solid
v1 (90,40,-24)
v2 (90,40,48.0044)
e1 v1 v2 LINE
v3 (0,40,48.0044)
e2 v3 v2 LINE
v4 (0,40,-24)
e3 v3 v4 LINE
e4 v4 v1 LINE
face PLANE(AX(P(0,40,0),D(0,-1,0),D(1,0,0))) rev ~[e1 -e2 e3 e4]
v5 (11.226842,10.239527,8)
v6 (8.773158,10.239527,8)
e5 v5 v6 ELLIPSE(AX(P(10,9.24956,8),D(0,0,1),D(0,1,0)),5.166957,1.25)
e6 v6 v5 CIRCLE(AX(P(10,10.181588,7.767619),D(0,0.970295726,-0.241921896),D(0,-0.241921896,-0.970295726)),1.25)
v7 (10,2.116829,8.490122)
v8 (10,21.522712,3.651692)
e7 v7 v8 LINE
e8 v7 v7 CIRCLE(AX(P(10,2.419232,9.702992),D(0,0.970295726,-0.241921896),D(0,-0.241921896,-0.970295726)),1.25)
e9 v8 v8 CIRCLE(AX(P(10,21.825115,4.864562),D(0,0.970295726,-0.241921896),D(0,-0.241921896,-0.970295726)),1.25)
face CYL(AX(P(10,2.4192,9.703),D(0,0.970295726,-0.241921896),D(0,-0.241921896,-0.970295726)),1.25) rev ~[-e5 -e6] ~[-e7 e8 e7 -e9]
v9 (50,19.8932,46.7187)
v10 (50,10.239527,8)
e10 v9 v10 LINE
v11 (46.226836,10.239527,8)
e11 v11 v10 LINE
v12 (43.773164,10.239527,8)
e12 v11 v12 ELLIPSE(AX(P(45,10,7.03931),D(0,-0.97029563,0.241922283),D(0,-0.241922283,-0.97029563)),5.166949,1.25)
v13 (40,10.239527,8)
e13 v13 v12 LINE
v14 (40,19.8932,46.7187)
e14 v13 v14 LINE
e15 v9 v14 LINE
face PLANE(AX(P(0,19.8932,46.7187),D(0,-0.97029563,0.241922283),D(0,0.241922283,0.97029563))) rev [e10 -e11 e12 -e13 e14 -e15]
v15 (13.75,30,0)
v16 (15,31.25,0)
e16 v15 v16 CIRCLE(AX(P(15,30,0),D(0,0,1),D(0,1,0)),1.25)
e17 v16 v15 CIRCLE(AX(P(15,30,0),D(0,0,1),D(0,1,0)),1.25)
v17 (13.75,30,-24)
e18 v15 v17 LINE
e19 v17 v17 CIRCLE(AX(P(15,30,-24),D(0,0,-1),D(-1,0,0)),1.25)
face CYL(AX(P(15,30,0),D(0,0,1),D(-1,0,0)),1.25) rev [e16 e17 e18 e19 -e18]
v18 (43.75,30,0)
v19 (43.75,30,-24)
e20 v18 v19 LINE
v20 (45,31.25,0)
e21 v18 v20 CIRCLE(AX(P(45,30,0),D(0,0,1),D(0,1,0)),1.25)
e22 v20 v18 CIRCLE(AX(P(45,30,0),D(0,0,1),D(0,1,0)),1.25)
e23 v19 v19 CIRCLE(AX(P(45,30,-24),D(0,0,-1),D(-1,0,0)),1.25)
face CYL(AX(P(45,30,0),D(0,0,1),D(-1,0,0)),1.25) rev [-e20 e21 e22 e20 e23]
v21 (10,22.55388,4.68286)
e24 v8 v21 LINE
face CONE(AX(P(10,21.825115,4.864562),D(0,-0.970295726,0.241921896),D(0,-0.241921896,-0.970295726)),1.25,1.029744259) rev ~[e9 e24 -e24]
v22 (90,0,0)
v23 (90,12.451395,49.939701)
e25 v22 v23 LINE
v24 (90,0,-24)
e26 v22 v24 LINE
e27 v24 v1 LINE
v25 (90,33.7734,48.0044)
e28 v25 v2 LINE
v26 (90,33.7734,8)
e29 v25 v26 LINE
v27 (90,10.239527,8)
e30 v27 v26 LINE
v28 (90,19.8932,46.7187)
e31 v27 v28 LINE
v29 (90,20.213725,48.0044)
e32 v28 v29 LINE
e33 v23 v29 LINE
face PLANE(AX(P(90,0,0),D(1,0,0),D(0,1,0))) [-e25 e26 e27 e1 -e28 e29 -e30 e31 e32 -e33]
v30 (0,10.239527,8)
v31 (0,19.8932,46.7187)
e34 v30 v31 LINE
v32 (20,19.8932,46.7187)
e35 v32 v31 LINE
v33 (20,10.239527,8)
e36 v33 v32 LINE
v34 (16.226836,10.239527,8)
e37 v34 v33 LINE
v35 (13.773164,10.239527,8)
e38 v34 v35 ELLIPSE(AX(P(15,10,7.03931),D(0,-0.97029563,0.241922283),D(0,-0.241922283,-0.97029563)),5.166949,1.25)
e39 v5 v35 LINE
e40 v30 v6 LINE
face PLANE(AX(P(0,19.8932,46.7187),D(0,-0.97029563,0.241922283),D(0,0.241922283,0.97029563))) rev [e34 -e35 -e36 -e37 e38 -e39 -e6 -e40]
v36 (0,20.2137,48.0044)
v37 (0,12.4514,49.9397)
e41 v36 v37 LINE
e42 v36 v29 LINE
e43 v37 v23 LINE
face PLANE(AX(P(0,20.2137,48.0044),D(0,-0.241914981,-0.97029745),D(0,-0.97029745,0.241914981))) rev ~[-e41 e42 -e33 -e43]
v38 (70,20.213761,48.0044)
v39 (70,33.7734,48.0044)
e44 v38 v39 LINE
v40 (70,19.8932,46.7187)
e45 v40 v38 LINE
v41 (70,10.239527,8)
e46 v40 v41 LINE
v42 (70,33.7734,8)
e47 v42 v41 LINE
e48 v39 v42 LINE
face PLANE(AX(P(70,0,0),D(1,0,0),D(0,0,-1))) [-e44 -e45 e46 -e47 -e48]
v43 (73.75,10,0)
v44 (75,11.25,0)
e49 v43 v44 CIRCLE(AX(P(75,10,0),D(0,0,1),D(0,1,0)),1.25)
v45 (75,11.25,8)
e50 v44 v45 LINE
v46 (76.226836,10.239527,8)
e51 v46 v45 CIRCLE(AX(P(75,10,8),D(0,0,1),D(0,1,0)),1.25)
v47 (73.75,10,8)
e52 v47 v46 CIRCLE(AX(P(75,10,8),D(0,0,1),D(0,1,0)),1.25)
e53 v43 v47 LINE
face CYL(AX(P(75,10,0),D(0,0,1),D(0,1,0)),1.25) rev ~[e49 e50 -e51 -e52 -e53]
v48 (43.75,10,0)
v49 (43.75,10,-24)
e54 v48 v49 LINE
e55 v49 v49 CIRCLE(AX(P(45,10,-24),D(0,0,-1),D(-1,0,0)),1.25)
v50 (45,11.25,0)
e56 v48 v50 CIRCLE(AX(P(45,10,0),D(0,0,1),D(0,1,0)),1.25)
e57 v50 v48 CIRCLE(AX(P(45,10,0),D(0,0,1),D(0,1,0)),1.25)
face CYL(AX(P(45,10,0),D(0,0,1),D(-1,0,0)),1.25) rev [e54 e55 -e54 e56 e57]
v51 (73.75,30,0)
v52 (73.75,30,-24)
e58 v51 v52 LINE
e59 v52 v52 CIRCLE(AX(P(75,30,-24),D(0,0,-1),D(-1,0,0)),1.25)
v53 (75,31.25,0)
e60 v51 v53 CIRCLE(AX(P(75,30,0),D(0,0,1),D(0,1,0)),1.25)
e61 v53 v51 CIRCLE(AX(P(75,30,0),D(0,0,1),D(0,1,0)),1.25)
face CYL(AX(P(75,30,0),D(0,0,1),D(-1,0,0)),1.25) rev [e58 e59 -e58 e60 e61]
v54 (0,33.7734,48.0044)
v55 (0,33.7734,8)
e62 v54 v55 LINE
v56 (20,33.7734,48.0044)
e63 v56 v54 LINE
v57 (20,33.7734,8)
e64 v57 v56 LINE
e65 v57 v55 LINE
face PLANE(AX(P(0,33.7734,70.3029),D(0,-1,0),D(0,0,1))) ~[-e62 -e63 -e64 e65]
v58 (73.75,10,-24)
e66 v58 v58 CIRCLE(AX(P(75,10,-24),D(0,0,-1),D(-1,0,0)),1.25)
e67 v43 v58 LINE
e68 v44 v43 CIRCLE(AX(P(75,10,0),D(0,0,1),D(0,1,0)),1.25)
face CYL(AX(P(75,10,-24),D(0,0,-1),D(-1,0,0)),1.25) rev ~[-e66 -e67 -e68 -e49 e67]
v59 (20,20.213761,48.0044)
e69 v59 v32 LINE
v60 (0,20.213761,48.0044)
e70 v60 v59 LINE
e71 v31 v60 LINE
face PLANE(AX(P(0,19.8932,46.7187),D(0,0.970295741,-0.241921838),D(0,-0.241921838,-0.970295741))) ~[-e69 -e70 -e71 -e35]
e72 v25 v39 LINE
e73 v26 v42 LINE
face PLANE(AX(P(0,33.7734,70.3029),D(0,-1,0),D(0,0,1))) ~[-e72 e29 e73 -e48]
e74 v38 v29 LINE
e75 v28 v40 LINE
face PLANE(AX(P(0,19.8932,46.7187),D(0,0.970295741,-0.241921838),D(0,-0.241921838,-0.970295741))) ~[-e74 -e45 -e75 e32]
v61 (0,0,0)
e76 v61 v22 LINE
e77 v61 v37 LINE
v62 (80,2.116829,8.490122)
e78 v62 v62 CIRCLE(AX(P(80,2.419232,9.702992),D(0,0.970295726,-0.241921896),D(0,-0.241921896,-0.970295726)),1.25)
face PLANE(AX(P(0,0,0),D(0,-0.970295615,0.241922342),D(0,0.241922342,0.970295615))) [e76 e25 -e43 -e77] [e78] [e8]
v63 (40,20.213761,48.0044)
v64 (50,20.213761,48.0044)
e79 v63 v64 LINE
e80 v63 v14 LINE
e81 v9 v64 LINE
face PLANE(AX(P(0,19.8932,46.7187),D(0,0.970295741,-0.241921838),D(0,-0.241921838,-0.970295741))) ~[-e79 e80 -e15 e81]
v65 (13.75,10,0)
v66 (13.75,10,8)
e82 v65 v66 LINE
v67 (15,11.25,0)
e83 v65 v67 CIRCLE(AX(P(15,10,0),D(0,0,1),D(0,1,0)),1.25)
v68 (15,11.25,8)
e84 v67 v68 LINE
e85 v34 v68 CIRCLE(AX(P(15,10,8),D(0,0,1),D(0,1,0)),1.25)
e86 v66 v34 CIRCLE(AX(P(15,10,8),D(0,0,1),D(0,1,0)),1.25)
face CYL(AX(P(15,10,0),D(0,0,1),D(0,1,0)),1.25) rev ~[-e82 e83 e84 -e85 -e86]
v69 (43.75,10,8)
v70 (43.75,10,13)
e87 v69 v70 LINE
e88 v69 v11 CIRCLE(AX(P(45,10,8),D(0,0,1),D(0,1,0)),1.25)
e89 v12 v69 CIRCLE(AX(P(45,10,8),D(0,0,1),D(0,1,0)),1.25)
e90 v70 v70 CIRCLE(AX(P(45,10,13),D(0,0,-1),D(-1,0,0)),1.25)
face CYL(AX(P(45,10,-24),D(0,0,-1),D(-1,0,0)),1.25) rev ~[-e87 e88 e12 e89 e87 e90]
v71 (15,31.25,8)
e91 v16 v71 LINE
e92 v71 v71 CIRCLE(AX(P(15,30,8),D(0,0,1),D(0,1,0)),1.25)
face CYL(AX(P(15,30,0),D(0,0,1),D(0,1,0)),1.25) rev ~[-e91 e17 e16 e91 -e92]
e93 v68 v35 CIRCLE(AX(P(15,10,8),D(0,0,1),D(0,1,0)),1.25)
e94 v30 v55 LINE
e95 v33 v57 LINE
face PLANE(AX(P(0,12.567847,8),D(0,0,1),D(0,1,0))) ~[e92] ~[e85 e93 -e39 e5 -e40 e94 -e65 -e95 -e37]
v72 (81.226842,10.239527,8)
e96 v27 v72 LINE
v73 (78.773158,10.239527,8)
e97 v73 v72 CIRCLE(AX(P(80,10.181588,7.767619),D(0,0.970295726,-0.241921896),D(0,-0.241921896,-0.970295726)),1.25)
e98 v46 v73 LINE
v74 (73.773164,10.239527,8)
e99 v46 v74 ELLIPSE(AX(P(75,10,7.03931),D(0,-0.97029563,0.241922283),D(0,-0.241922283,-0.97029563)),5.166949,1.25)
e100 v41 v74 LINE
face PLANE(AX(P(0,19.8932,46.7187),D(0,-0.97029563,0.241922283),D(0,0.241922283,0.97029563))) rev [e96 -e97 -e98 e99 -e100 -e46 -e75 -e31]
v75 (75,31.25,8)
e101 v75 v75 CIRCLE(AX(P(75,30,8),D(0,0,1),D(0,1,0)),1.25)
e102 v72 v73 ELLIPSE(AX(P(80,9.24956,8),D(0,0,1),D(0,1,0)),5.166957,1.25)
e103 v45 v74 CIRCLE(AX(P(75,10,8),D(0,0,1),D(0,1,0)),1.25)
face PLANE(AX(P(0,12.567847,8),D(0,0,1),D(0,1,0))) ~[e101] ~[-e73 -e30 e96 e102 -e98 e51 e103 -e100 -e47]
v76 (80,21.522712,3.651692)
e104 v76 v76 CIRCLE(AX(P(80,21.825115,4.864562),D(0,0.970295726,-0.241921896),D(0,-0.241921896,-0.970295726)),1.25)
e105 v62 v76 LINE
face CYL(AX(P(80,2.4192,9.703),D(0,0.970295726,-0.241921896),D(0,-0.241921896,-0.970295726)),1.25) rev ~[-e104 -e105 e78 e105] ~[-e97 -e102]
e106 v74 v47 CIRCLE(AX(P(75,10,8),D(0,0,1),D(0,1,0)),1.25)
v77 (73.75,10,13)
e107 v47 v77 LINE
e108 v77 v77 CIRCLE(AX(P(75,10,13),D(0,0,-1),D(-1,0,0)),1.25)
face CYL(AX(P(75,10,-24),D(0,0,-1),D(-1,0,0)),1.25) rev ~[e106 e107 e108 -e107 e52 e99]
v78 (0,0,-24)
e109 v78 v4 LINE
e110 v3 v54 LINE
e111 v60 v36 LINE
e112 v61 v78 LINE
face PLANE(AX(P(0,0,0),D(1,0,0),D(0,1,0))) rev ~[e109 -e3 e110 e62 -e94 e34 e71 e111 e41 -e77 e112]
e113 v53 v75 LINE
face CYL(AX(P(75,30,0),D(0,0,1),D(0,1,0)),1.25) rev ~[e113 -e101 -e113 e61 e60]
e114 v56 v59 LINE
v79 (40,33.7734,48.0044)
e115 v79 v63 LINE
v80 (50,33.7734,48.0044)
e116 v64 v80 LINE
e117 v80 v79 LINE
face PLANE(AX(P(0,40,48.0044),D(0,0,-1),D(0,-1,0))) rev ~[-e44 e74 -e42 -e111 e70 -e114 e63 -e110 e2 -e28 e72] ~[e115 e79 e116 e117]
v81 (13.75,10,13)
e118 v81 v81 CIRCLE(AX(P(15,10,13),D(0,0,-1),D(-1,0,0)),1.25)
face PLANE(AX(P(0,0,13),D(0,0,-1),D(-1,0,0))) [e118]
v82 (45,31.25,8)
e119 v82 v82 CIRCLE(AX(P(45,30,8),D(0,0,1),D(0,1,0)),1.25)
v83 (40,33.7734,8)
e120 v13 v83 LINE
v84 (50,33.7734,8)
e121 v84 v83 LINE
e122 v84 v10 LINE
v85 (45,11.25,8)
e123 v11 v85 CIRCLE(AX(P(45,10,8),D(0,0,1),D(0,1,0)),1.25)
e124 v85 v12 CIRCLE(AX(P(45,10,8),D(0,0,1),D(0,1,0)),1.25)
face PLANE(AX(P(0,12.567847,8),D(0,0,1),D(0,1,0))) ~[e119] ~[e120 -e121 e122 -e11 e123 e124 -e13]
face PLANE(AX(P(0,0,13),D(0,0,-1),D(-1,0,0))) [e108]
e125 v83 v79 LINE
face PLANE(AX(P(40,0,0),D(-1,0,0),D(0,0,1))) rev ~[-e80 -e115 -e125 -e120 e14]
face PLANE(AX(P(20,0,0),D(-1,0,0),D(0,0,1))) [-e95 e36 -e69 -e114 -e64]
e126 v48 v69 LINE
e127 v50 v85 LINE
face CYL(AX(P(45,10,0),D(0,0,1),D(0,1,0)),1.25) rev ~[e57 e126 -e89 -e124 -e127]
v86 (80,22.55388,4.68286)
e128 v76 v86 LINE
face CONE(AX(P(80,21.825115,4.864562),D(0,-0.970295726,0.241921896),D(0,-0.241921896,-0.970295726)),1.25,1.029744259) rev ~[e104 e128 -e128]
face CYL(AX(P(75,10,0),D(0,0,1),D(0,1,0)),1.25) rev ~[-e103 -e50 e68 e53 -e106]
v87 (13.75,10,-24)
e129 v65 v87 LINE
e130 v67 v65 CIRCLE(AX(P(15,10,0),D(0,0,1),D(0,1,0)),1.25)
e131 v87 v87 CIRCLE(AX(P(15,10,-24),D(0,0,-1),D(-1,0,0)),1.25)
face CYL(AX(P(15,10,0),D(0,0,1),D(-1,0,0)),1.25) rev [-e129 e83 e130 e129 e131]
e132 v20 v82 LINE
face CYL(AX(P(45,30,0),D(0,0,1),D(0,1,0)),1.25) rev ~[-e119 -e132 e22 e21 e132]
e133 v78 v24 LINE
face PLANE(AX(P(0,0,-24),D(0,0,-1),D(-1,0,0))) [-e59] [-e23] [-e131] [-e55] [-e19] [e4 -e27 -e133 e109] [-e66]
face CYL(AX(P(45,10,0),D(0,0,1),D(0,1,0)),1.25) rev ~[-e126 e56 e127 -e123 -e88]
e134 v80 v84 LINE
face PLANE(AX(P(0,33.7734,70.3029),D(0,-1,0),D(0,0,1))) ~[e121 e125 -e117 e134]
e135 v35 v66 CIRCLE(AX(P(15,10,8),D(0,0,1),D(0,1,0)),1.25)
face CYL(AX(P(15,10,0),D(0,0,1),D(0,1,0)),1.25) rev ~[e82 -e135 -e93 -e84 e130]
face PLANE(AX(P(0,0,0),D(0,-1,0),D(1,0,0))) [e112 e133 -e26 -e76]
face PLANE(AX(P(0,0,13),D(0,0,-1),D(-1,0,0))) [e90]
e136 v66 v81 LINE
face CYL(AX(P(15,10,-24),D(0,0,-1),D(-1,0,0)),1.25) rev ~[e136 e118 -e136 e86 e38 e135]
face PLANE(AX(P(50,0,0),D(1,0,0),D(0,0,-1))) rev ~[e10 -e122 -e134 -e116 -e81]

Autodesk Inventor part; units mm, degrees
ref_plane "YZ Plane" through (0, 0, 0) normal (1, 0, 0) x (0, 1, 0)
ref_plane "XZ Plane" through (0, 0, 0) normal (0, 1, 0) x (-1, 0, 0)
sketch "スケッチ1" plane through (0, 0, 0) normal (1, 0, 0) x (0, 1, 0)
  line L0 (0, 0) -> (19.3538, 77.6237)
  line L1 (0, 0) -> (80, 0) construction
  line L2 (19.3538, 77.6237) -> (20.7024, 0.3614)
  line L3 (20.7024, 0.3614) -> (0, 0)
  line L4 (0, 0) -> (20.7024, 0.3614)
  line L5 (0, 0) -> (40, 0)
  line L6 (40, 0) -> (40, 77.6237)
  line L7 (40, 77.6237) -> (19.3538, 77.6237)
  dimension "d0" = 80
  dimension "d1" = 76
  dimension "d2" = 15
  dimension "d44" = 40
extrude "押し出し1" add sketch "スケッチ1" along normal blind 90
sketch "スケッチ2" plane through (0, 0, 0) normal (0, -0.9703, 0.2419) x (1, 0, 0)
  line L0 (0, 80) -> (10, 80)
  line L1 (10, 80) -> (10, 70)
  line L2 (10, 70) -> (0, 70)
  line L3 (0, 70) -> (0, 80)
  line L4 (90, 80) -> (80, 80)
  line L5 (80, 80) -> (80, 70)
  line L6 (80, 70) -> (90, 70)
  line L7 (90, 70) -> (90, 80)
  line L8 (90, 0) -> (80, 0)
  line L9 (80, 0) -> (80, 10)
  line L10 (80, 10) -> (90, 10)
  line L11 (90, 10) -> (90, 0)
  line L12 (0, 0) -> (10, 0)
  line L13 (10, 0) -> (10, 10)
  line L14 (10, 10) -> (0, 10)
  line L15 (0, 10) -> (0, 0)
  dimension "d5" = 10
  dimension "d6" = 10
  dimension "d7" = 10
  dimension "d8" = 10
  dimension "d9" = 10
  dimension "d10" = 10
  dimension "d11" = 10
  dimension "d12" = 10
hole "穴1" at (10, 16.9345, 67.9207) at (10, 2.4192, 9.703) at (80, 2.4192, 9.703) at (80, 16.9345, 67.9207) direction (0, 0.9703, -0.2419) diameter 2.5 depth 20 tip angle 118
sketch "スケッチ4" plane through (90, 0, 0) normal (1, 0, 0) x (0, 0, -1)
  line L0 (-77.6237, 19.3538) -> (0, 0) projected
  line L1 (0, 0) -> (0, 20.7055) projected
  line L2 (-8, 20.7055) -> (-8, 1.9946)
  line L3 (0, 12.7075) -> (-47.6322, 11.876)
  line L4 (-46.7187, 19.8932) -> (0, 8.2449)
  line L5 (-77.6237, 40) -> (-77.6237, 19.3538) projected
  line L6 (-46.7187, 19.8932) -> (-70.3029, 25.7734)
  line L7 (-70.3029, 25.7734) -> (-70.3029, 33.7734)
  line L8 (-70.3029, 33.7734) -> (-8, 33.7734)
  line L9 (-8, 33.7734) -> (-8, 20)
  point P0 (-16.7273, 12.4155)
  point P1 (-8, 12.5678)
  point P2 (-8, 10.2395)
  dimension "d34" = 8
  dimension "d36" = 8
  dimension "d45" = 8
ref_plane "作業平面1" through (45, 0, 0) normal (-1, 0, 0) x (0, 0, 1)
extrude "押し出し4" cut sketch "スケッチ4" against normal blind 45 contours L4 L6 L7 L8 L9 L2 L3 | L3 L2 L4
mirror "ミラー1" about plane through (45, 0, 0) normal (-1, 0, 0) of "押し出し4"
sketch "スケッチ6" plane through (0, 0, 0) normal (0, 0, -1) x (-1, 0, 0)
  line L0 (-90, 40) -> (-75, 40)
  line L1 (-75, 40) -> (-75, 30)
  line L2 (-75, 30) -> (-90, 30)
  line L3 (-90, 30) -> (-90, 40)
  line L4 (-90, 0) -> (-75, 0)
  line L5 (-75, 0) -> (-75, 10)
  line L6 (-75, 10) -> (-90, 10)
  line L7 (-90, 10) -> (-90, 0)
  line L8 (0, 40) -> (-15, 40)
  line L9 (-15, 40) -> (-15, 30)
  line L10 (-15, 30) -> (0, 30)
  line L11 (0, 30) -> (0, 40)
  line L12 (0, 0) -> (-15, 0)
  line L13 (-15, 0) -> (-15, 10)
  line L14 (-15, 10) -> (0, 10)
  line L15 (0, 10) -> (0, 0)
  point P0 (-45, 30)
  point P1 (-45, 10)
  dimension "d49" = 15
  dimension "d50" = 10
  dimension "d51" = 10
  dimension "d52" = 15
  dimension "d53" = 10
  dimension "d54" = 10
hole "穴3" at (45, 30, 0) at (45, 10, 0) at (15, 10, 0) at (15, 30, 0) at (75, 30, 0) at (75, 10, 0) direction (0, 0, 1) diameter 2.5 depth 8 tip angle 118
sketch "スケッチ7" plane through (90, 0, 0) normal (1, 0, 0) x (0, 0, -1)
  line L0 (-70.3029, 33.7734) -> (-8, 33.7734) projected
  line L1 (-8, 33.7734) -> (-8, 10.2395) projected
  line L2 (-8, 10.2395) -> (-70.3029, 25.7734) projected
  line L3 (-70.3029, 25.7734) -> (-70.3029, 33.7734) projected
  line L4 (0, 0) -> (0, 40) projected
  line L5 (0, 40) -> (-77.6237, 40) projected
  line L6 (-77.6237, 40) -> (-77.6237, 19.3538) projected
  line L7 (-77.6237, 19.3538) -> (0, 0) projected
ref_plane "作業平面2" through (70, 0, 0) normal (1, 0, 0) x (0, 0, -1)
sketch "スケッチ8" plane through (70, 0, 0) normal (1, 0, 0) x (0, 0, -1)
  line L0 (-5.9326, 37.4868) -> (-71.6084, 37.4868)
  line L1 (-71.6084, 37.4868) -> (-71.6084, 19.3326)
  line L2 (-28.0915, 7.5857) -> (-5.9326, 7.5857)
  line L3 (-5.9326, 7.5857) -> (-5.9326, 37.4868)
  line L4 (-28.0915, 7.5857) -> (-71.6084, 19.3326)
  point P0 (0, 0)
extrude "押し出し5" add sketch "スケッチ8" against normal blind 20
ref_plane "作業平面3" through (20, 0, 0) normal (-1, 0, 0) x (0, 0, 1)
sketch "スケッチ9" plane through (20, 0, 0) normal (-1, 0, 0) x (0, 0, 1)
  line L0 (5.473, 36.709) -> (72.4836, 36.709)
  line L1 (72.4836, 36.709) -> (72.4836, 22.6929)
  line L2 (20.9575, 8.6767) -> (5.473, 8.6767)
  line L3 (5.473, 8.6767) -> (5.473, 36.709)
  line L4 (20.9575, 8.6767) -> (72.4836, 22.6929)
  point P0 (0, 0)
extrude "押し出し6" add sketch "スケッチ9" against normal blind 20
sketch "スケッチ10" plane through (0, 0, 0) normal (-1, 0, 0) x (0, 0, 1)
  line L0 (77.6237, 40) -> (48.0044, 40)
  line L1 (50.463, 10.3528) -> (77.6237, 10.3528)
  line L2 (77.6237, 10.3528) -> (77.6237, 40)
  line L3 (70.3029, 25.7734) -> (8, 10.2395) projected
  line L4 (77.6237, 19.3538) -> (0, 0) projected
  line L5 (48.0044, 20.2137) -> (49.9397, 12.4514)
  line L6 (49.9397, 12.4514) -> (50.463, 10.3528)
  line L7 (48.0044, 40) -> (48.0044, 20.2137)
  line L8 (47.6237, 11.8739) -> (47.6237, 10.3528)
  dimension "d68" = 30
extrude "押し出し7" cut sketch "スケッチ10" against normal blind 100
sketch "スケッチ11" plane through (0, 0, 0) normal (0, 0, -1) x (-1, 0, 0)
  circle A0 centre (-75, 30) radius 1.25 projected
  circle A1 centre (-15, 10) radius 1.25 projected
  circle A2 centre (-45, 30) radius 1.25 projected
  circle A3 centre (-45, 10) radius 1.25 projected
  circle A4 centre (-15, 30) radius 1.25 projected
  circle A5 centre (-75, 10) radius 1.25 projected
  line L0 (0, 0) -> (0, 40) projected
  line L1 (0, 40) -> (-90, 40) projected
  line L2 (-90, 0) -> (-90, 40) projected
  line L3 (0, 0) -> (-90, 0) projected
extrude "押し出し8" add sketch "スケッチ11" along normal blind 24
sketch "スケッチ12" plane through (0, 0, -24) normal (0, 0, -1) x (-1, 0, 0)
  circle A0 centre (-75, 10) radius 1.25 projected
  circle A1 centre (-45, 10) radius 1.25 projected
  circle A2 centre (-15, 10) radius 1.25 projected
extrude "押し出し9" cut sketch "スケッチ12" against normal blind 37
properties part number "知能ロボコン土台1.1"
